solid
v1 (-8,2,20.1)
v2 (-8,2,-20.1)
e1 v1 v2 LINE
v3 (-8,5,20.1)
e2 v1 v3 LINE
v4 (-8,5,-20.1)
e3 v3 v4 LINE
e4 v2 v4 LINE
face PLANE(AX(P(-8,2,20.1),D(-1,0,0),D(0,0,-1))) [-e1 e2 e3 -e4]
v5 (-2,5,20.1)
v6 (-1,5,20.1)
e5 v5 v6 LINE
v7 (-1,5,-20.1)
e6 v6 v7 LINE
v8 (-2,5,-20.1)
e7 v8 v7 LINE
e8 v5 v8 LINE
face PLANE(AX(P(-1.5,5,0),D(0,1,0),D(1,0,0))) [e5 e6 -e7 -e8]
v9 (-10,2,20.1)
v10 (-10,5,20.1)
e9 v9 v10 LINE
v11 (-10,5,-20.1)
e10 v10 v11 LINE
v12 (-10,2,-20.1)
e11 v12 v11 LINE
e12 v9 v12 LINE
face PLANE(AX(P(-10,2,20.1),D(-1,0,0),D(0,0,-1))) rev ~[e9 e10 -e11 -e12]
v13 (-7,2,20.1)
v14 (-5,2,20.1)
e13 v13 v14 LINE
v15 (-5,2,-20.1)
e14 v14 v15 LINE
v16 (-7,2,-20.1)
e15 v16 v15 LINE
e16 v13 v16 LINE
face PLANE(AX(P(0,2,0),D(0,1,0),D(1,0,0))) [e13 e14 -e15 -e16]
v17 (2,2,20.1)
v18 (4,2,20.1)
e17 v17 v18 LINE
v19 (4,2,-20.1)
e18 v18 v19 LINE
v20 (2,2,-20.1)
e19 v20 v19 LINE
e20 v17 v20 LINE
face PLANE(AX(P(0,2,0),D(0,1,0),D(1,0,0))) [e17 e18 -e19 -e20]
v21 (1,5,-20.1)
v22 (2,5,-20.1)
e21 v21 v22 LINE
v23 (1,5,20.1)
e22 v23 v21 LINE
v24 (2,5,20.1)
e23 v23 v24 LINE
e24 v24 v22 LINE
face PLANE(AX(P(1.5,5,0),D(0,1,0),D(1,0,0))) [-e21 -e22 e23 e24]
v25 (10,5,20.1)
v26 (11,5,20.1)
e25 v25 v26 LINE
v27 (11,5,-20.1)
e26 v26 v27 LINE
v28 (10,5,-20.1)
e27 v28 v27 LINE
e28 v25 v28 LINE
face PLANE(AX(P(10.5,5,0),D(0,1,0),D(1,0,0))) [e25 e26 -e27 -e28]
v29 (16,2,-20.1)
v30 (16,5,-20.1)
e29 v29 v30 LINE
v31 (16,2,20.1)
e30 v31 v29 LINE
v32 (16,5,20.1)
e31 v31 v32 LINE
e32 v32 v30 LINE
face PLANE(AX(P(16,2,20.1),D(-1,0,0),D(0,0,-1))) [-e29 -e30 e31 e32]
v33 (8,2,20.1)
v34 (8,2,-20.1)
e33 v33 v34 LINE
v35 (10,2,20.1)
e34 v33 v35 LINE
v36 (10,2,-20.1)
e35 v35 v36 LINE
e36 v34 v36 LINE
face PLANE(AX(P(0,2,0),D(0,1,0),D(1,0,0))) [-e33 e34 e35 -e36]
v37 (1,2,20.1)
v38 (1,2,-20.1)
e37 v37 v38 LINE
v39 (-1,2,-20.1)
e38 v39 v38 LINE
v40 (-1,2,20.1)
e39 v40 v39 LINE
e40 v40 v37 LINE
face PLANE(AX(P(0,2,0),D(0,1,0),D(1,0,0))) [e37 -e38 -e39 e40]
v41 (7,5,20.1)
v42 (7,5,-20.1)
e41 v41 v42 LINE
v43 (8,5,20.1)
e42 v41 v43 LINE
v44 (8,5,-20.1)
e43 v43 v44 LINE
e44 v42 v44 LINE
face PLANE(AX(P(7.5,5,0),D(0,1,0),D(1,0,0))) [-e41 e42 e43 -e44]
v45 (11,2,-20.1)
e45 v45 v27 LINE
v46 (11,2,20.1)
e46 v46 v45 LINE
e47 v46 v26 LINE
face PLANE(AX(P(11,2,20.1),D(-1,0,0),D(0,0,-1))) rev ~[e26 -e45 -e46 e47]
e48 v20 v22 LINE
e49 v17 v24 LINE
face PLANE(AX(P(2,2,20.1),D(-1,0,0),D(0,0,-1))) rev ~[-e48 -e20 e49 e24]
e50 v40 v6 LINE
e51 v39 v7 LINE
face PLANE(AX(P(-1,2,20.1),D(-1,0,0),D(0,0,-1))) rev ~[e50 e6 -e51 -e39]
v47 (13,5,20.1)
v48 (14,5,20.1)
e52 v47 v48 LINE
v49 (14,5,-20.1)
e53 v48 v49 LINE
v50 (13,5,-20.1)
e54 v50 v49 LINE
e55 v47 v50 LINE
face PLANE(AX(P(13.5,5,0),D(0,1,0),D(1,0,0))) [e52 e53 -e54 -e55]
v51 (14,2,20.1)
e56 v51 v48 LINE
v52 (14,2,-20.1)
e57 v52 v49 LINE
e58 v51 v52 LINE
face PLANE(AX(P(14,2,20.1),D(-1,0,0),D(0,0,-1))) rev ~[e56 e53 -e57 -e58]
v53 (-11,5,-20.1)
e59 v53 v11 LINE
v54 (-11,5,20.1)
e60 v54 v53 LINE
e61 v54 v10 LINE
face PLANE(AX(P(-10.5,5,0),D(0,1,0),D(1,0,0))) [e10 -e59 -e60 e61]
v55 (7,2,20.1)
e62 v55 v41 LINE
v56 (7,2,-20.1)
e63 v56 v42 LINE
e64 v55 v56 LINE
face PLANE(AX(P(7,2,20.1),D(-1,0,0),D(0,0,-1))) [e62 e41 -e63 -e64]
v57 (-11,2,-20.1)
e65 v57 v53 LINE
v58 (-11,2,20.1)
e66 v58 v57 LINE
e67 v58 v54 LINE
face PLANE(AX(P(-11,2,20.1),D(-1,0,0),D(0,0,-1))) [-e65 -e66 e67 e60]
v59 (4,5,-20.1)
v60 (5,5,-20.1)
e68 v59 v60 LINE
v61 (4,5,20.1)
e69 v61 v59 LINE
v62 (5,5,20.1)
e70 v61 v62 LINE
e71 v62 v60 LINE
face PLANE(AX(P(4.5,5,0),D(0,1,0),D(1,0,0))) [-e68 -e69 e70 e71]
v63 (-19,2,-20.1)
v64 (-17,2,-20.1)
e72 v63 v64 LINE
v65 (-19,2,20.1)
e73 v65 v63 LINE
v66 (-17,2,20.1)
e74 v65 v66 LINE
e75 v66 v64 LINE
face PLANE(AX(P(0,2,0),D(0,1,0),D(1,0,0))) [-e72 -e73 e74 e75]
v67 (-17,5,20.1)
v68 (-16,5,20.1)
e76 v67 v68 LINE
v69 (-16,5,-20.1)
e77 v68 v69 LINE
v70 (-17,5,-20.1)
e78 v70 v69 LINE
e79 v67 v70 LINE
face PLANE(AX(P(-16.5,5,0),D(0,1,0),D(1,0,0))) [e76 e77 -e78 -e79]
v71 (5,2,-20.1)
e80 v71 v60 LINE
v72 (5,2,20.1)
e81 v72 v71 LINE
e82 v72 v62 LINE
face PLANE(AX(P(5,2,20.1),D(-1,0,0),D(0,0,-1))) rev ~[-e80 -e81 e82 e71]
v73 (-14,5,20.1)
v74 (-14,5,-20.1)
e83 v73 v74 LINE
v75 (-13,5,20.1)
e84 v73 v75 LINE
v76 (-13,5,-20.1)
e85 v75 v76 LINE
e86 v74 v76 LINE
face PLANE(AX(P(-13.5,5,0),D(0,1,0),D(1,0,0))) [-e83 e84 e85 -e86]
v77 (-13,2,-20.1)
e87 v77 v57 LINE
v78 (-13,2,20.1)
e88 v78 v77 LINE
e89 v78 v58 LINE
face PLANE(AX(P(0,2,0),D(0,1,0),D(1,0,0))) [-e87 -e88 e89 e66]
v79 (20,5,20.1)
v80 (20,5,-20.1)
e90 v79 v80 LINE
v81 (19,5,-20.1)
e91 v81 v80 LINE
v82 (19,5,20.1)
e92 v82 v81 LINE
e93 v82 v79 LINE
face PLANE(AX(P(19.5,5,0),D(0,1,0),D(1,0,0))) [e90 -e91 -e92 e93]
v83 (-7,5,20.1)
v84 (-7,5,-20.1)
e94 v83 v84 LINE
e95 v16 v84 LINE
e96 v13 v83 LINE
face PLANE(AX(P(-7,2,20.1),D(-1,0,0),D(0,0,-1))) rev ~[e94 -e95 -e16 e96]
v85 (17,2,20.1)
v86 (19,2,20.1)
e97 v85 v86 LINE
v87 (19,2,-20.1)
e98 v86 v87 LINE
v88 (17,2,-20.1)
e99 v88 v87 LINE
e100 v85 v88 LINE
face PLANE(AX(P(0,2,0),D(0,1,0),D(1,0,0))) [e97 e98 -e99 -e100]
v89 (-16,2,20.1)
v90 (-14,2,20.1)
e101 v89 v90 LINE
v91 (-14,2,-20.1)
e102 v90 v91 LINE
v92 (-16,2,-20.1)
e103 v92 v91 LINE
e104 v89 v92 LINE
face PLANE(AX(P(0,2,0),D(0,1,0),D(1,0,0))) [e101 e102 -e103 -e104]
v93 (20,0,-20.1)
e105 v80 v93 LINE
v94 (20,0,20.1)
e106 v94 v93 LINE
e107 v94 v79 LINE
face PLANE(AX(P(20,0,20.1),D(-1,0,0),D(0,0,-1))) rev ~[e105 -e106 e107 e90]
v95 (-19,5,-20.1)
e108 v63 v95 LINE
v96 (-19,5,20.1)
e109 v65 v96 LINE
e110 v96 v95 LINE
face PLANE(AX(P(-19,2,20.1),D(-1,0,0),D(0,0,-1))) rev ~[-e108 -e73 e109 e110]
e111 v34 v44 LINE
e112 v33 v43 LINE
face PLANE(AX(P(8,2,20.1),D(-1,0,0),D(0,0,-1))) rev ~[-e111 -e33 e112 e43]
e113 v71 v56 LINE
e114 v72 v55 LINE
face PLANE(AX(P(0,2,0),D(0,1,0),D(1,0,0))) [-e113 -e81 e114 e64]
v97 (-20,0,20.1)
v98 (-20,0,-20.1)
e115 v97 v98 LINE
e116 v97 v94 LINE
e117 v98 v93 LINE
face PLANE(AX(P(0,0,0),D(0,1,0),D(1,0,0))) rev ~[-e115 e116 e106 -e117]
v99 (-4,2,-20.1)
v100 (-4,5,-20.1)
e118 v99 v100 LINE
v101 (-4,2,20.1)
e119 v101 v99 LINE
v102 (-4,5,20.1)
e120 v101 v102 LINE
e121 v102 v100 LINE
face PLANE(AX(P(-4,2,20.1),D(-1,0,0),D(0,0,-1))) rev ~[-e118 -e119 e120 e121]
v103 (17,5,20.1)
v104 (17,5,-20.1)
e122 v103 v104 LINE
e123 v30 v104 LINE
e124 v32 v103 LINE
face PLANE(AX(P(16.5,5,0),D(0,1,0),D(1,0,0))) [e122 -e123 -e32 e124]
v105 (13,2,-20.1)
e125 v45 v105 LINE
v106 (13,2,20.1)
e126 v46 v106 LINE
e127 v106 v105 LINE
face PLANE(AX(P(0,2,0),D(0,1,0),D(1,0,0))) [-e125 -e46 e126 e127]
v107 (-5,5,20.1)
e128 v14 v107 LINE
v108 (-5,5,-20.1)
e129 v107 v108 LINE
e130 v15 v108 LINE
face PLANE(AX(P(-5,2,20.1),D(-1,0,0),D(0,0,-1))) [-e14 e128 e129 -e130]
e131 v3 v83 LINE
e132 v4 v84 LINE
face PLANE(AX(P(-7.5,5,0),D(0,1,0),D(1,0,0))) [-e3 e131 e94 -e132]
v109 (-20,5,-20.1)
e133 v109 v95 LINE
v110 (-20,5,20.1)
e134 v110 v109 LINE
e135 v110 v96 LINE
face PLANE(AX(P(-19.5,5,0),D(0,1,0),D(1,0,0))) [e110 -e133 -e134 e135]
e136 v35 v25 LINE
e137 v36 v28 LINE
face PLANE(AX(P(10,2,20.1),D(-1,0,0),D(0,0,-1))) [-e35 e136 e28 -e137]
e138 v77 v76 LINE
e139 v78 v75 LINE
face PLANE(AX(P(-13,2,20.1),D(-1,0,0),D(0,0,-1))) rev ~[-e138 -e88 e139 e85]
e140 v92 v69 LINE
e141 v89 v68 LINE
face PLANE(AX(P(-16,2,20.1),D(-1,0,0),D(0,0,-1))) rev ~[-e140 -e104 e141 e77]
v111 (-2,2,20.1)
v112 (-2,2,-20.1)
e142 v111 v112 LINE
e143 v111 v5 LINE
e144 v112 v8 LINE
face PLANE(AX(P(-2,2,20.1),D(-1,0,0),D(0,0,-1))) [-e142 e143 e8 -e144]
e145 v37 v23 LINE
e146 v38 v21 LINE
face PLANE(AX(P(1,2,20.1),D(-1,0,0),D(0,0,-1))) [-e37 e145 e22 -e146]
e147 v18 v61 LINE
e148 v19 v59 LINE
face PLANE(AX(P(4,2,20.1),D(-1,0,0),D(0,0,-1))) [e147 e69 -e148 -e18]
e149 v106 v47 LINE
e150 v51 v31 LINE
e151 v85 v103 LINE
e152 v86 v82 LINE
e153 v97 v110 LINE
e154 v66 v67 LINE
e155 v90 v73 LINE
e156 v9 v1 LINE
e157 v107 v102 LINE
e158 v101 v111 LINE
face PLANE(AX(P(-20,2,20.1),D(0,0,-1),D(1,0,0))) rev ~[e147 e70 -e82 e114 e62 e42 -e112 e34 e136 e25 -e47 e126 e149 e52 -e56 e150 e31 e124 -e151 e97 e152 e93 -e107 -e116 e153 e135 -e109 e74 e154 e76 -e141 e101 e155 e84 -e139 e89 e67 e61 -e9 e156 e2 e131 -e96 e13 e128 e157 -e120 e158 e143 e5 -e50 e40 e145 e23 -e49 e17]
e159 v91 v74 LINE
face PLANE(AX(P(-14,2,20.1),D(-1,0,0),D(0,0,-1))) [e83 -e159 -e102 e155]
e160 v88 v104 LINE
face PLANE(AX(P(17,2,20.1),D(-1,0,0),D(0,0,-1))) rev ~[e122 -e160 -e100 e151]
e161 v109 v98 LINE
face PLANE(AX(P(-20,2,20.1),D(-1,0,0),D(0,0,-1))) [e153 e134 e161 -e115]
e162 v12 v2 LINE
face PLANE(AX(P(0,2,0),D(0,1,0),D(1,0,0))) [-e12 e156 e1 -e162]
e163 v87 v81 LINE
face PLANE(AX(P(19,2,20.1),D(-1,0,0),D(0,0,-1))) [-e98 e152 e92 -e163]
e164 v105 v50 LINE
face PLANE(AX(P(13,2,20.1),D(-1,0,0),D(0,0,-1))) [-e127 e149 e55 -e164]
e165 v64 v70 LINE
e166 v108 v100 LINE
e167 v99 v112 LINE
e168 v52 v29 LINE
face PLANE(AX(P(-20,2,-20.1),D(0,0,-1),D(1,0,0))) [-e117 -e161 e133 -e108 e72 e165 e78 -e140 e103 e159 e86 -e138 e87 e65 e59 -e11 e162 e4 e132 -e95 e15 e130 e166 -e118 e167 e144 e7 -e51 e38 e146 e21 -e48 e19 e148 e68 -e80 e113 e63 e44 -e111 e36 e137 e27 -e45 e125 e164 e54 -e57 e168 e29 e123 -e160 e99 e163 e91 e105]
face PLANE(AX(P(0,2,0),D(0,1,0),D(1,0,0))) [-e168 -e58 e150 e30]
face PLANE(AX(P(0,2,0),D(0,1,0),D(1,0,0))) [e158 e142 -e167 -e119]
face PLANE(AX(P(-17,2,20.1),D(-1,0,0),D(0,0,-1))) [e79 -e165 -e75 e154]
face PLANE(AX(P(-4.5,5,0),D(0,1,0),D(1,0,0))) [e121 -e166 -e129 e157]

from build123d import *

# Parameters (mm, degrees)
SKETCH_1_W      = 40
SKETCH_1_H      = 40.2
EXTRUDE_1_DEPTH = 2
SKETCH_2_W      = 1
SKETCH_2_H      = 40.2
EXTRUDE_2_DEPTH = 3


with BuildPart() as part:
    # 草图1 → 凸台-拉伸1 (new body)
    with BuildSketch(Plane(origin=(0, 0, 0), x_dir=(1, 0, 0), z_dir=(0, 1, 0))):
        Rectangle(SKETCH_1_W, SKETCH_1_H)
    extrude(amount=EXTRUDE_1_DEPTH)

    # 草图2 → 凸台-拉伸2 (add)
    with BuildSketch(Plane(origin=(0, 2, 0), x_dir=(1, 0, 0), z_dir=(0, 1, 0))):
        with Locations((-19.5, 0)):
            Rectangle(SKETCH_2_W, SKETCH_2_H)
        with Locations((-16.5, 0)):
            Rectangle(SKETCH_2_W, SKETCH_2_H)
        with Locations((-13.5, 0)):
            Rectangle(SKETCH_2_W, SKETCH_2_H)
        with Locations((-10.5, 0)):
            Rectangle(SKETCH_2_W, SKETCH_2_H)
        with Locations((-7.5, 0)):
            Rectangle(SKETCH_2_W, SKETCH_2_H)
        with Locations((-4.5, 0)):
            Rectangle(SKETCH_2_W, SKETCH_2_H)
        with Locations((-1.5, 0)):
            Rectangle(SKETCH_2_W, SKETCH_2_H)
        with Locations((1.5, 0)):
            Rectangle(SKETCH_2_W, SKETCH_2_H)
        with Locations((4.5, 0)):
            Rectangle(SKETCH_2_W, SKETCH_2_H)
        with Locations((7.5, 0)):
            Rectangle(SKETCH_2_W, SKETCH_2_H)
        with Locations((10.5, 0)):
            Rectangle(SKETCH_2_W, SKETCH_2_H)
        with Locations((13.5, 0)):
            Rectangle(SKETCH_2_W, SKETCH_2_H)
        with Locations((16.5, 0)):
            Rectangle(SKETCH_2_W, SKETCH_2_H)
        with Locations((19.5, 0)):
            Rectangle(SKETCH_2_W, SKETCH_2_H)
    extrude(amount=EXTRUDE_2_DEPTH)


solid = part.part
